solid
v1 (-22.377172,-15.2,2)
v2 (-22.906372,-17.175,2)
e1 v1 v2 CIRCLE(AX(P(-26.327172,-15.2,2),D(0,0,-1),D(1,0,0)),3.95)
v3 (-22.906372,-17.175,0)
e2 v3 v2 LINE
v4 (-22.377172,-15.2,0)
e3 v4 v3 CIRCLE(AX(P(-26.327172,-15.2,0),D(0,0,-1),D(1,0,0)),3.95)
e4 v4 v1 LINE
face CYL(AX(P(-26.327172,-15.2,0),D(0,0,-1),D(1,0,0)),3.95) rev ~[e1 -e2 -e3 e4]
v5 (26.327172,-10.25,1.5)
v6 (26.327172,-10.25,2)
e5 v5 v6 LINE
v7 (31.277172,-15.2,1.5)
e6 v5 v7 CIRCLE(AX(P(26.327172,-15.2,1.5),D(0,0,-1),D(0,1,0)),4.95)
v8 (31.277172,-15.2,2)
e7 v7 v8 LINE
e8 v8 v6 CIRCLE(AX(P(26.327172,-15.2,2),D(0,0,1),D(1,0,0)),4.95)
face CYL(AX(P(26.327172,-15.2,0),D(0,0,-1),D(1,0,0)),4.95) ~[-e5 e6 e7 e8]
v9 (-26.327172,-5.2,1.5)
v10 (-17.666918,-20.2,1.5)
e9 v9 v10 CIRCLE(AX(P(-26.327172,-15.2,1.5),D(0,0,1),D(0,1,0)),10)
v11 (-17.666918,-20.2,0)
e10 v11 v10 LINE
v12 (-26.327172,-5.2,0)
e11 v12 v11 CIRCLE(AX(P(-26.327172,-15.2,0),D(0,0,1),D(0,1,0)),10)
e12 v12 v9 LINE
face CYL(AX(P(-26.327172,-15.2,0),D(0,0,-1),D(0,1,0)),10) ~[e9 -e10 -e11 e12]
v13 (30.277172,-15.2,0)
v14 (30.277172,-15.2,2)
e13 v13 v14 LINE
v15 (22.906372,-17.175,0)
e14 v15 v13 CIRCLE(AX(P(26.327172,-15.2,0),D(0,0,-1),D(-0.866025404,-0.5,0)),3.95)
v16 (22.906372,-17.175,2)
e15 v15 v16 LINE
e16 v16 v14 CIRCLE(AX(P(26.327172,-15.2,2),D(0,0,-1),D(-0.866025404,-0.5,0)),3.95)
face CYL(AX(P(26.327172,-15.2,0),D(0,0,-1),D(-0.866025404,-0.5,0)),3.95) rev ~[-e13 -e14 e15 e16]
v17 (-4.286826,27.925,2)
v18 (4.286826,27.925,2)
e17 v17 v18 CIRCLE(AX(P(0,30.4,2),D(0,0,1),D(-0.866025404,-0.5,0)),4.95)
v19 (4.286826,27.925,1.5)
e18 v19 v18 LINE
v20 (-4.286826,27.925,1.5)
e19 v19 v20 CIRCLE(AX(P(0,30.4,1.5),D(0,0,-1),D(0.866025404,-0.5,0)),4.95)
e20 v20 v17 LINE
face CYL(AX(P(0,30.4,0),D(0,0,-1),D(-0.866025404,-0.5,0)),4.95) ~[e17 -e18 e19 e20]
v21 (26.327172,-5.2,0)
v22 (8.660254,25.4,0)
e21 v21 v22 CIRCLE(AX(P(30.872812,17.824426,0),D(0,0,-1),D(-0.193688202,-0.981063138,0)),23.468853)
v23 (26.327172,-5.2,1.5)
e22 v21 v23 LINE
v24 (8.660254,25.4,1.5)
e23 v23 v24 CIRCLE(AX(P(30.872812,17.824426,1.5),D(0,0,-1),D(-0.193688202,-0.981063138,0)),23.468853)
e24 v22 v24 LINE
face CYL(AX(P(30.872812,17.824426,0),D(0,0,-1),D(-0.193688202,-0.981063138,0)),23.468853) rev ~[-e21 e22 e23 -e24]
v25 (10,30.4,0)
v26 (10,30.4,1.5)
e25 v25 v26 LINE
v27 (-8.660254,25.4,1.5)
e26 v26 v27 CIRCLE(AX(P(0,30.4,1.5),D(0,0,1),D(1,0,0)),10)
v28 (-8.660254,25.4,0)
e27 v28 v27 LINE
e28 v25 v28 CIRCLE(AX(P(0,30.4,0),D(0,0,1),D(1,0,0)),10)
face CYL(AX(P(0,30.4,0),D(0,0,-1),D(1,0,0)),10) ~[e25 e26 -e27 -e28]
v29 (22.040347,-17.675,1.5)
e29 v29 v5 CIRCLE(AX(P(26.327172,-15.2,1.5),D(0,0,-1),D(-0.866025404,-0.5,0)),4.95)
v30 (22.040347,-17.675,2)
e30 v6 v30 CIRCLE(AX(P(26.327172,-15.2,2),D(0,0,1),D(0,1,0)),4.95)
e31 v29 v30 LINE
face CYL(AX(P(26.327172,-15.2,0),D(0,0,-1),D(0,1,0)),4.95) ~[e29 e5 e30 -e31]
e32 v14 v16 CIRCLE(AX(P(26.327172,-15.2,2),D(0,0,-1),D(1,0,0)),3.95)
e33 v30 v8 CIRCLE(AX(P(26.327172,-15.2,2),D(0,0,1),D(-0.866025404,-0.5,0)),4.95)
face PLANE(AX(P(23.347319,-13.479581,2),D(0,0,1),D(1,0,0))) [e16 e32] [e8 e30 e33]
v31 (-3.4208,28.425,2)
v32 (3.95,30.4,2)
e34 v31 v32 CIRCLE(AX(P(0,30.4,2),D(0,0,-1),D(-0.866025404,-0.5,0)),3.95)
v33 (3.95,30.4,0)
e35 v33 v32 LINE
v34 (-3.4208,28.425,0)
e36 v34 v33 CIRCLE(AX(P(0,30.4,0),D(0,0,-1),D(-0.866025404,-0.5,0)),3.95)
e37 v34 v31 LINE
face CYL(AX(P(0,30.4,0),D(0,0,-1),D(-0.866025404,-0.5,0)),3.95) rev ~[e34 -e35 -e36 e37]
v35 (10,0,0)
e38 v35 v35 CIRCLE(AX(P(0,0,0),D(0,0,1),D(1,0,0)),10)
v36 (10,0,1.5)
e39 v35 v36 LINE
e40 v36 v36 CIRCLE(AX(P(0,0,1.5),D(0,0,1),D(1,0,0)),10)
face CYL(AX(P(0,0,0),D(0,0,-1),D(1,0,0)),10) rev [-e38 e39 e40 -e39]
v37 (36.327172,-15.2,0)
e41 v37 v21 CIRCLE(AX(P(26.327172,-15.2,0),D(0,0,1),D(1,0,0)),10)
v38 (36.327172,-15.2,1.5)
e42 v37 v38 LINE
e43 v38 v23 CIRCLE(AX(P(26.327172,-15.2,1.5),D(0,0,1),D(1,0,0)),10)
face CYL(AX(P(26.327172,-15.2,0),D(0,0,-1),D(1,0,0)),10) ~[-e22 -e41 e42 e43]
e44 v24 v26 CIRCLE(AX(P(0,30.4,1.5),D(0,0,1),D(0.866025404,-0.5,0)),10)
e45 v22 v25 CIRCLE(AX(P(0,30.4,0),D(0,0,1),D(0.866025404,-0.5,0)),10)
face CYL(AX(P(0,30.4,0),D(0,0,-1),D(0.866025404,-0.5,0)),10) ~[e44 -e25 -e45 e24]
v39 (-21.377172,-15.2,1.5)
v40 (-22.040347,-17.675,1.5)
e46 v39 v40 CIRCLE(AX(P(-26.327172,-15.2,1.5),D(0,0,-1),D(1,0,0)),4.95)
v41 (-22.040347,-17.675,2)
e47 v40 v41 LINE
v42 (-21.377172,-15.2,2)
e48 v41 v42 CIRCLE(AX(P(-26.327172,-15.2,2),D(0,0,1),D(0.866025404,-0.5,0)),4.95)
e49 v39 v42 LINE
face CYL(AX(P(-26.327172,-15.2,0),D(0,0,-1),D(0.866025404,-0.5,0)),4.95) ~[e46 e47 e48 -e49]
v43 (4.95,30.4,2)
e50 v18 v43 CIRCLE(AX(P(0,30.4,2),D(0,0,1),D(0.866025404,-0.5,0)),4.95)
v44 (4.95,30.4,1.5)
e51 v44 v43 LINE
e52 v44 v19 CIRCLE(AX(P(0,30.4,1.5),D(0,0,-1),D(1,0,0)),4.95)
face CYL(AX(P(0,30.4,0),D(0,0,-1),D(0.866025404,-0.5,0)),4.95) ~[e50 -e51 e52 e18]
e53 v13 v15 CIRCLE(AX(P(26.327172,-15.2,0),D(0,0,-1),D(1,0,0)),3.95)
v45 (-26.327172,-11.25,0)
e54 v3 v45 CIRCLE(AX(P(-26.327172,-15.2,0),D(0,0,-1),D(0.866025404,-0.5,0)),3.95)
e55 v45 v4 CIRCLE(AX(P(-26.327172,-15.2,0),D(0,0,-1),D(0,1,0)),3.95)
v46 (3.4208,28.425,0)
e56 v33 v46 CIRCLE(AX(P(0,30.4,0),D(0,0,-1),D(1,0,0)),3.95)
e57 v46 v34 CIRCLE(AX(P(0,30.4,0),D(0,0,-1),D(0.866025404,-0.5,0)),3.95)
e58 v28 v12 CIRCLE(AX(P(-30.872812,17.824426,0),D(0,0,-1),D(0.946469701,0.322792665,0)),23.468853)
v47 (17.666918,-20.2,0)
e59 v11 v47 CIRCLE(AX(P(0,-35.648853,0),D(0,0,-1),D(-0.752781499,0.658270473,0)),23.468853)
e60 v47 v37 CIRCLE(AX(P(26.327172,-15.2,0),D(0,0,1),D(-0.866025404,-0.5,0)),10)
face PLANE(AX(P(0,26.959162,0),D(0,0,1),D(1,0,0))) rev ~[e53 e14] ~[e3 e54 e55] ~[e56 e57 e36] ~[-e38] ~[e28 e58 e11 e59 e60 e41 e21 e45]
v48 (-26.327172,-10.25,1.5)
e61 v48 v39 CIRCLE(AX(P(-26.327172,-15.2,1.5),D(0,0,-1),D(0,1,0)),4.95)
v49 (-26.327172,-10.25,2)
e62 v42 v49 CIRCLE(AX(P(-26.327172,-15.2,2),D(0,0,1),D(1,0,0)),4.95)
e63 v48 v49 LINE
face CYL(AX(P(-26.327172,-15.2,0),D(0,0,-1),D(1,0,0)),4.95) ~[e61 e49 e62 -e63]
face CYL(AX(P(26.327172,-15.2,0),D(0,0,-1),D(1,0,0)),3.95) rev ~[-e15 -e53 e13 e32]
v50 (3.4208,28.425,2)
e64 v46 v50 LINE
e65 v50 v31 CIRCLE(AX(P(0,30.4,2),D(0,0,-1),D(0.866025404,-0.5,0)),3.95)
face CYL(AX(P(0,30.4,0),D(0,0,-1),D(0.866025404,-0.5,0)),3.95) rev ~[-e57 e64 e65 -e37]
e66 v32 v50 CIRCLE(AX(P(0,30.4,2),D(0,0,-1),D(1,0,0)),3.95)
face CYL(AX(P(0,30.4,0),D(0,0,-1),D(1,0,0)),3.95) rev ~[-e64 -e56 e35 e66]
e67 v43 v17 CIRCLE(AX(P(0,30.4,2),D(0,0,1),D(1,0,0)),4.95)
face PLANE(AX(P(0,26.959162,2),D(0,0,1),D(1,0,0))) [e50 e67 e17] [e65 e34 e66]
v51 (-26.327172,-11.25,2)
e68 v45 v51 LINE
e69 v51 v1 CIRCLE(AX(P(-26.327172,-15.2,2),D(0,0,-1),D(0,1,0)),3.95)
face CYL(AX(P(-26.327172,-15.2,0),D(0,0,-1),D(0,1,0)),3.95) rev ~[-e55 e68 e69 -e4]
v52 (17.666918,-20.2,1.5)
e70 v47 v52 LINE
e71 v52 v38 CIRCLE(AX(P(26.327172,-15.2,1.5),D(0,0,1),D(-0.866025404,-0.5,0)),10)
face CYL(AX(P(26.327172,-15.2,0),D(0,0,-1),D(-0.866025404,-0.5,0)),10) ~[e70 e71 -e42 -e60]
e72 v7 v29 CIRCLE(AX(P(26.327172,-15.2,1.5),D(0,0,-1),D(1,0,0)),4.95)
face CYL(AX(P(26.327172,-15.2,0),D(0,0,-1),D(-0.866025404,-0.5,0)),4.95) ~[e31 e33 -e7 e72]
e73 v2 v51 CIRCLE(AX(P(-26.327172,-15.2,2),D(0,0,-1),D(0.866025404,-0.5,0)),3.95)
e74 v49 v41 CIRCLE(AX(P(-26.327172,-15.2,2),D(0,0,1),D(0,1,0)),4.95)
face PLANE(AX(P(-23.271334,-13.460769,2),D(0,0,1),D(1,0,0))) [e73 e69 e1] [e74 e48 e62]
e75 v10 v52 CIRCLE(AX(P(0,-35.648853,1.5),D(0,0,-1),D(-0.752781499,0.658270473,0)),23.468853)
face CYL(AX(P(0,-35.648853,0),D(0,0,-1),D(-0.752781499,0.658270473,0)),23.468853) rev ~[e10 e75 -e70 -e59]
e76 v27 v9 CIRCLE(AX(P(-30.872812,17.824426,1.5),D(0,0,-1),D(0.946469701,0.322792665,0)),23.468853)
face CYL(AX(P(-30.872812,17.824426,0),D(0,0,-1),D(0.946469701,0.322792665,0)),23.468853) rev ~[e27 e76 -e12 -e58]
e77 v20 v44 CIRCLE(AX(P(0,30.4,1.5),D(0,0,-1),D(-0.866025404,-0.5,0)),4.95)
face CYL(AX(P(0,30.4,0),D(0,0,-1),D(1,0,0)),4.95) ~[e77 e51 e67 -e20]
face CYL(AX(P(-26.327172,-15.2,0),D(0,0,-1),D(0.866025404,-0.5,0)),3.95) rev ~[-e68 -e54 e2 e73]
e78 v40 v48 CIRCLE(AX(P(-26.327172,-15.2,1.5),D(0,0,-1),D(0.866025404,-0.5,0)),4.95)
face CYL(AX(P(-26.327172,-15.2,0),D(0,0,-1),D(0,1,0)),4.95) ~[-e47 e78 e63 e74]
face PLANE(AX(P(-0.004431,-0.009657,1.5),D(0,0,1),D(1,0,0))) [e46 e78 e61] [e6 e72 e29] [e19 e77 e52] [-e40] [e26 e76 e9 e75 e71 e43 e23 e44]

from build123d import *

# Parameters (mm, degrees)
F0_R     = 10
F1_DEPTH = 1.5
F2_DEPTH = 2


with BuildPart() as f1:
    # F0 (on Top) → F1 (new body)
    with BuildSketch(Plane.XY):
        with BuildLine():
            ThreePointArc((8.6602540378, 25.4), (0, 20.4), (-8.6602540378, 25.4))
            ThreePointArc((-8.6602540378, 25.4), (-10.5481894181, 6.09), (-26.327172275, -5.2))
            ThreePointArc((-26.327172275, -5.2), (-19.2561044632, -8.1289321881), (-16.327172275, -15.2))
            ThreePointArc((-16.327172275, -15.2), (-16.6679140122, -17.788190451), (-17.6669182372, -20.2))
            ThreePointArc((-17.6669182372, -20.2), (0, -12.18), (17.6669182372, -20.2))
            ThreePointArc((17.6669182372, -20.2), (17.6669182372, -10.2), (26.327172275, -5.2))
            ThreePointArc((26.327172275, -5.2), (10.5481894181, 6.09), (8.6602540378, 25.4))
        make_face()
        Circle(F0_R, mode=Mode.SUBTRACT)
        with BuildLine():
            ThreePointArc((4.2868257487, 27.925), (0, 25.45), (-4.2868257487, 27.925))
            Line((-4.2868257487, 27.925), (-8.6602540378, 25.4))
            ThreePointArc((-8.6602540378, 25.4), (0, 20.4), (8.6602540378, 25.4))
            Line((8.6602540378, 25.4), (4.2868257487, 27.925))
        make_face()
        with BuildLine():
            Line((-8.6602540378, 25.4), (-4.2868257487, 27.925))
            ThreePointArc((-4.2868257487, 27.925), (-1.2811542733, 35.1813328401), (4.95, 30.4))
            ThreePointArc((4.95, 30.4), (4.7813328401, 29.1188457267), (4.2868257487, 27.925))
            Line((4.2868257487, 27.925), (8.6602540378, 25.4))
            ThreePointArc((8.6602540378, 25.4), (9.6592582629, 27.811809549), (10, 30.4))
            ThreePointArc((10, 30.4), (-2.588190451, 40.0592582629), (-8.6602540378, 25.4))
        make_face()
        with BuildLine():
            Line((26.327172275, -10.25), (26.327172275, -5.2))
            ThreePointArc((26.327172275, -5.2), (17.6669182372, -10.2), (17.6669182372, -20.2))
            Line((17.6669182372, -20.2), (22.0403465263, -17.675))
            ThreePointArc((22.0403465263, -17.675), (22.0403465263, -12.725), (26.327172275, -10.25))
        make_face()
        with BuildLine():
            ThreePointArc((36.327172275, -15.2), (33.3982400869, -8.1289321881), (26.327172275, -5.2))
            Line((26.327172275, -5.2), (26.327172275, -10.25))
            ThreePointArc((26.327172275, -10.25), (29.8273508419, -11.6998214331), (31.277172275, -15.2))
            ThreePointArc((31.277172275, -15.2), (27.6083265483, -19.9813328401), (22.0403465263, -17.675))
            Line((22.0403465263, -17.675), (17.6669182372, -20.2))
            ThreePointArc((17.6669182372, -20.2), (28.9153627261, -24.8592582629), (36.327172275, -15.2))
        make_face()
        with BuildLine():
            ThreePointArc((-16.327172275, -15.2), (-19.2561044632, -8.1289321881), (-26.327172275, -5.2))
            Line((-26.327172275, -5.2), (-26.327172275, -10.25))
            ThreePointArc((-26.327172275, -10.25), (-22.8269937082, -11.6998214331), (-21.377172275, -15.2))
            ThreePointArc((-21.377172275, -15.2), (-21.5458394349, -16.4811542733), (-22.0403465263, -17.675))
            Line((-22.0403465263, -17.675), (-17.6669182372, -20.2))
            ThreePointArc((-17.6669182372, -20.2), (-16.6679140122, -17.788190451), (-16.327172275, -15.2))
        make_face()
        with BuildLine():
            Line((-26.327172275, -10.25), (-26.327172275, -5.2))
            ThreePointArc((-26.327172275, -5.2), (-34.9874263129, -20.2), (-17.6669182372, -20.2))
            Line((-17.6669182372, -20.2), (-22.0403465263, -17.675))
            ThreePointArc((-22.0403465263, -17.675), (-30.6139980238, -17.675), (-26.327172275, -10.25))
        make_face()
    extrude(amount=F1_DEPTH)

    # F0 (on Top) → F2 (join)
    with BuildSketch(Plane.XY):
        with BuildLine():
            ThreePointArc((3.4208003449, 28.425), (0, 26.45), (-3.4208003449, 28.425))
            Line((-3.4208003449, 28.425), (-4.2868257487, 27.925))
            ThreePointArc((-4.2868257487, 27.925), (0, 25.45), (4.2868257487, 27.925))
            Line((4.2868257487, 27.925), (3.4208003449, 28.425))
        make_face()
        with BuildLine():
            ThreePointArc((-3.4208003449, 28.425), (-1.0223352282, 34.2154070138), (3.95, 30.4))
            ThreePointArc((3.95, 30.4), (3.8154070138, 29.3776647718), (3.4208003449, 28.425))
            Line((3.4208003449, 28.425), (4.2868257487, 27.925))
            ThreePointArc((4.2868257487, 27.925), (4.7813328401, 29.1188457267), (4.95, 30.4))
            ThreePointArc((4.95, 30.4), (-1.2811542733, 35.1813328401), (-4.2868257487, 27.925))
            Line((-4.2868257487, 27.925), (-3.4208003449, 28.425))
        make_face()
        with BuildLine():
            Line((26.327172275, -11.25), (26.327172275, -10.25))
            ThreePointArc((26.327172275, -10.25), (22.0403465263, -12.725), (22.0403465263, -17.675))
            Line((22.0403465263, -17.675), (22.9063719301, -17.175))
            ThreePointArc((22.9063719301, -17.175), (22.9063719301, -13.225), (26.327172275, -11.25))
        make_face()
        with BuildLine():
            ThreePointArc((31.277172275, -15.2), (29.8273508419, -11.6998214331), (26.327172275, -10.25))
            Line((26.327172275, -10.25), (26.327172275, -11.25))
            ThreePointArc((26.327172275, -11.25), (29.1202440607, -12.4069282143), (30.277172275, -15.2))
            ThreePointArc((30.277172275, -15.2), (27.3495075032, -19.0154070138), (22.9063719301, -17.175))
            Line((22.9063719301, -17.175), (22.0403465263, -17.675))
            ThreePointArc((22.0403465263, -17.675), (27.6083265483, -19.9813328401), (31.277172275, -15.2))
        make_face()
        with BuildLine():
            ThreePointArc((-21.377172275, -15.2), (-22.8269937082, -11.6998214331), (-26.327172275, -10.25))
            Line((-26.327172275, -10.25), (-26.327172275, -11.25))
            ThreePointArc((-26.327172275, -11.25), (-23.5341004894, -12.4069282143), (-22.377172275, -15.2))
            ThreePointArc((-22.377172275, -15.2), (-22.5117652612, -16.2223352282), (-22.9063719301, -17.175))
            Line((-22.9063719301, -17.175), (-22.0403465263, -17.675))
            ThreePointArc((-22.0403465263, -17.675), (-21.5458394349, -16.4811542733), (-21.377172275, -15.2))
        make_face()
        with BuildLine():
            Line((-26.327172275, -11.25), (-26.327172275, -10.25))
            ThreePointArc((-26.327172275, -10.25), (-30.6139980238, -17.675), (-22.0403465263, -17.675))
            Line((-22.0403465263, -17.675), (-22.9063719301, -17.175))
            ThreePointArc((-22.9063719301, -17.175), (-29.74797262, -17.175), (-26.327172275, -11.25))
        make_face()
    extrude(amount=F2_DEPTH)


solid = f1.part
